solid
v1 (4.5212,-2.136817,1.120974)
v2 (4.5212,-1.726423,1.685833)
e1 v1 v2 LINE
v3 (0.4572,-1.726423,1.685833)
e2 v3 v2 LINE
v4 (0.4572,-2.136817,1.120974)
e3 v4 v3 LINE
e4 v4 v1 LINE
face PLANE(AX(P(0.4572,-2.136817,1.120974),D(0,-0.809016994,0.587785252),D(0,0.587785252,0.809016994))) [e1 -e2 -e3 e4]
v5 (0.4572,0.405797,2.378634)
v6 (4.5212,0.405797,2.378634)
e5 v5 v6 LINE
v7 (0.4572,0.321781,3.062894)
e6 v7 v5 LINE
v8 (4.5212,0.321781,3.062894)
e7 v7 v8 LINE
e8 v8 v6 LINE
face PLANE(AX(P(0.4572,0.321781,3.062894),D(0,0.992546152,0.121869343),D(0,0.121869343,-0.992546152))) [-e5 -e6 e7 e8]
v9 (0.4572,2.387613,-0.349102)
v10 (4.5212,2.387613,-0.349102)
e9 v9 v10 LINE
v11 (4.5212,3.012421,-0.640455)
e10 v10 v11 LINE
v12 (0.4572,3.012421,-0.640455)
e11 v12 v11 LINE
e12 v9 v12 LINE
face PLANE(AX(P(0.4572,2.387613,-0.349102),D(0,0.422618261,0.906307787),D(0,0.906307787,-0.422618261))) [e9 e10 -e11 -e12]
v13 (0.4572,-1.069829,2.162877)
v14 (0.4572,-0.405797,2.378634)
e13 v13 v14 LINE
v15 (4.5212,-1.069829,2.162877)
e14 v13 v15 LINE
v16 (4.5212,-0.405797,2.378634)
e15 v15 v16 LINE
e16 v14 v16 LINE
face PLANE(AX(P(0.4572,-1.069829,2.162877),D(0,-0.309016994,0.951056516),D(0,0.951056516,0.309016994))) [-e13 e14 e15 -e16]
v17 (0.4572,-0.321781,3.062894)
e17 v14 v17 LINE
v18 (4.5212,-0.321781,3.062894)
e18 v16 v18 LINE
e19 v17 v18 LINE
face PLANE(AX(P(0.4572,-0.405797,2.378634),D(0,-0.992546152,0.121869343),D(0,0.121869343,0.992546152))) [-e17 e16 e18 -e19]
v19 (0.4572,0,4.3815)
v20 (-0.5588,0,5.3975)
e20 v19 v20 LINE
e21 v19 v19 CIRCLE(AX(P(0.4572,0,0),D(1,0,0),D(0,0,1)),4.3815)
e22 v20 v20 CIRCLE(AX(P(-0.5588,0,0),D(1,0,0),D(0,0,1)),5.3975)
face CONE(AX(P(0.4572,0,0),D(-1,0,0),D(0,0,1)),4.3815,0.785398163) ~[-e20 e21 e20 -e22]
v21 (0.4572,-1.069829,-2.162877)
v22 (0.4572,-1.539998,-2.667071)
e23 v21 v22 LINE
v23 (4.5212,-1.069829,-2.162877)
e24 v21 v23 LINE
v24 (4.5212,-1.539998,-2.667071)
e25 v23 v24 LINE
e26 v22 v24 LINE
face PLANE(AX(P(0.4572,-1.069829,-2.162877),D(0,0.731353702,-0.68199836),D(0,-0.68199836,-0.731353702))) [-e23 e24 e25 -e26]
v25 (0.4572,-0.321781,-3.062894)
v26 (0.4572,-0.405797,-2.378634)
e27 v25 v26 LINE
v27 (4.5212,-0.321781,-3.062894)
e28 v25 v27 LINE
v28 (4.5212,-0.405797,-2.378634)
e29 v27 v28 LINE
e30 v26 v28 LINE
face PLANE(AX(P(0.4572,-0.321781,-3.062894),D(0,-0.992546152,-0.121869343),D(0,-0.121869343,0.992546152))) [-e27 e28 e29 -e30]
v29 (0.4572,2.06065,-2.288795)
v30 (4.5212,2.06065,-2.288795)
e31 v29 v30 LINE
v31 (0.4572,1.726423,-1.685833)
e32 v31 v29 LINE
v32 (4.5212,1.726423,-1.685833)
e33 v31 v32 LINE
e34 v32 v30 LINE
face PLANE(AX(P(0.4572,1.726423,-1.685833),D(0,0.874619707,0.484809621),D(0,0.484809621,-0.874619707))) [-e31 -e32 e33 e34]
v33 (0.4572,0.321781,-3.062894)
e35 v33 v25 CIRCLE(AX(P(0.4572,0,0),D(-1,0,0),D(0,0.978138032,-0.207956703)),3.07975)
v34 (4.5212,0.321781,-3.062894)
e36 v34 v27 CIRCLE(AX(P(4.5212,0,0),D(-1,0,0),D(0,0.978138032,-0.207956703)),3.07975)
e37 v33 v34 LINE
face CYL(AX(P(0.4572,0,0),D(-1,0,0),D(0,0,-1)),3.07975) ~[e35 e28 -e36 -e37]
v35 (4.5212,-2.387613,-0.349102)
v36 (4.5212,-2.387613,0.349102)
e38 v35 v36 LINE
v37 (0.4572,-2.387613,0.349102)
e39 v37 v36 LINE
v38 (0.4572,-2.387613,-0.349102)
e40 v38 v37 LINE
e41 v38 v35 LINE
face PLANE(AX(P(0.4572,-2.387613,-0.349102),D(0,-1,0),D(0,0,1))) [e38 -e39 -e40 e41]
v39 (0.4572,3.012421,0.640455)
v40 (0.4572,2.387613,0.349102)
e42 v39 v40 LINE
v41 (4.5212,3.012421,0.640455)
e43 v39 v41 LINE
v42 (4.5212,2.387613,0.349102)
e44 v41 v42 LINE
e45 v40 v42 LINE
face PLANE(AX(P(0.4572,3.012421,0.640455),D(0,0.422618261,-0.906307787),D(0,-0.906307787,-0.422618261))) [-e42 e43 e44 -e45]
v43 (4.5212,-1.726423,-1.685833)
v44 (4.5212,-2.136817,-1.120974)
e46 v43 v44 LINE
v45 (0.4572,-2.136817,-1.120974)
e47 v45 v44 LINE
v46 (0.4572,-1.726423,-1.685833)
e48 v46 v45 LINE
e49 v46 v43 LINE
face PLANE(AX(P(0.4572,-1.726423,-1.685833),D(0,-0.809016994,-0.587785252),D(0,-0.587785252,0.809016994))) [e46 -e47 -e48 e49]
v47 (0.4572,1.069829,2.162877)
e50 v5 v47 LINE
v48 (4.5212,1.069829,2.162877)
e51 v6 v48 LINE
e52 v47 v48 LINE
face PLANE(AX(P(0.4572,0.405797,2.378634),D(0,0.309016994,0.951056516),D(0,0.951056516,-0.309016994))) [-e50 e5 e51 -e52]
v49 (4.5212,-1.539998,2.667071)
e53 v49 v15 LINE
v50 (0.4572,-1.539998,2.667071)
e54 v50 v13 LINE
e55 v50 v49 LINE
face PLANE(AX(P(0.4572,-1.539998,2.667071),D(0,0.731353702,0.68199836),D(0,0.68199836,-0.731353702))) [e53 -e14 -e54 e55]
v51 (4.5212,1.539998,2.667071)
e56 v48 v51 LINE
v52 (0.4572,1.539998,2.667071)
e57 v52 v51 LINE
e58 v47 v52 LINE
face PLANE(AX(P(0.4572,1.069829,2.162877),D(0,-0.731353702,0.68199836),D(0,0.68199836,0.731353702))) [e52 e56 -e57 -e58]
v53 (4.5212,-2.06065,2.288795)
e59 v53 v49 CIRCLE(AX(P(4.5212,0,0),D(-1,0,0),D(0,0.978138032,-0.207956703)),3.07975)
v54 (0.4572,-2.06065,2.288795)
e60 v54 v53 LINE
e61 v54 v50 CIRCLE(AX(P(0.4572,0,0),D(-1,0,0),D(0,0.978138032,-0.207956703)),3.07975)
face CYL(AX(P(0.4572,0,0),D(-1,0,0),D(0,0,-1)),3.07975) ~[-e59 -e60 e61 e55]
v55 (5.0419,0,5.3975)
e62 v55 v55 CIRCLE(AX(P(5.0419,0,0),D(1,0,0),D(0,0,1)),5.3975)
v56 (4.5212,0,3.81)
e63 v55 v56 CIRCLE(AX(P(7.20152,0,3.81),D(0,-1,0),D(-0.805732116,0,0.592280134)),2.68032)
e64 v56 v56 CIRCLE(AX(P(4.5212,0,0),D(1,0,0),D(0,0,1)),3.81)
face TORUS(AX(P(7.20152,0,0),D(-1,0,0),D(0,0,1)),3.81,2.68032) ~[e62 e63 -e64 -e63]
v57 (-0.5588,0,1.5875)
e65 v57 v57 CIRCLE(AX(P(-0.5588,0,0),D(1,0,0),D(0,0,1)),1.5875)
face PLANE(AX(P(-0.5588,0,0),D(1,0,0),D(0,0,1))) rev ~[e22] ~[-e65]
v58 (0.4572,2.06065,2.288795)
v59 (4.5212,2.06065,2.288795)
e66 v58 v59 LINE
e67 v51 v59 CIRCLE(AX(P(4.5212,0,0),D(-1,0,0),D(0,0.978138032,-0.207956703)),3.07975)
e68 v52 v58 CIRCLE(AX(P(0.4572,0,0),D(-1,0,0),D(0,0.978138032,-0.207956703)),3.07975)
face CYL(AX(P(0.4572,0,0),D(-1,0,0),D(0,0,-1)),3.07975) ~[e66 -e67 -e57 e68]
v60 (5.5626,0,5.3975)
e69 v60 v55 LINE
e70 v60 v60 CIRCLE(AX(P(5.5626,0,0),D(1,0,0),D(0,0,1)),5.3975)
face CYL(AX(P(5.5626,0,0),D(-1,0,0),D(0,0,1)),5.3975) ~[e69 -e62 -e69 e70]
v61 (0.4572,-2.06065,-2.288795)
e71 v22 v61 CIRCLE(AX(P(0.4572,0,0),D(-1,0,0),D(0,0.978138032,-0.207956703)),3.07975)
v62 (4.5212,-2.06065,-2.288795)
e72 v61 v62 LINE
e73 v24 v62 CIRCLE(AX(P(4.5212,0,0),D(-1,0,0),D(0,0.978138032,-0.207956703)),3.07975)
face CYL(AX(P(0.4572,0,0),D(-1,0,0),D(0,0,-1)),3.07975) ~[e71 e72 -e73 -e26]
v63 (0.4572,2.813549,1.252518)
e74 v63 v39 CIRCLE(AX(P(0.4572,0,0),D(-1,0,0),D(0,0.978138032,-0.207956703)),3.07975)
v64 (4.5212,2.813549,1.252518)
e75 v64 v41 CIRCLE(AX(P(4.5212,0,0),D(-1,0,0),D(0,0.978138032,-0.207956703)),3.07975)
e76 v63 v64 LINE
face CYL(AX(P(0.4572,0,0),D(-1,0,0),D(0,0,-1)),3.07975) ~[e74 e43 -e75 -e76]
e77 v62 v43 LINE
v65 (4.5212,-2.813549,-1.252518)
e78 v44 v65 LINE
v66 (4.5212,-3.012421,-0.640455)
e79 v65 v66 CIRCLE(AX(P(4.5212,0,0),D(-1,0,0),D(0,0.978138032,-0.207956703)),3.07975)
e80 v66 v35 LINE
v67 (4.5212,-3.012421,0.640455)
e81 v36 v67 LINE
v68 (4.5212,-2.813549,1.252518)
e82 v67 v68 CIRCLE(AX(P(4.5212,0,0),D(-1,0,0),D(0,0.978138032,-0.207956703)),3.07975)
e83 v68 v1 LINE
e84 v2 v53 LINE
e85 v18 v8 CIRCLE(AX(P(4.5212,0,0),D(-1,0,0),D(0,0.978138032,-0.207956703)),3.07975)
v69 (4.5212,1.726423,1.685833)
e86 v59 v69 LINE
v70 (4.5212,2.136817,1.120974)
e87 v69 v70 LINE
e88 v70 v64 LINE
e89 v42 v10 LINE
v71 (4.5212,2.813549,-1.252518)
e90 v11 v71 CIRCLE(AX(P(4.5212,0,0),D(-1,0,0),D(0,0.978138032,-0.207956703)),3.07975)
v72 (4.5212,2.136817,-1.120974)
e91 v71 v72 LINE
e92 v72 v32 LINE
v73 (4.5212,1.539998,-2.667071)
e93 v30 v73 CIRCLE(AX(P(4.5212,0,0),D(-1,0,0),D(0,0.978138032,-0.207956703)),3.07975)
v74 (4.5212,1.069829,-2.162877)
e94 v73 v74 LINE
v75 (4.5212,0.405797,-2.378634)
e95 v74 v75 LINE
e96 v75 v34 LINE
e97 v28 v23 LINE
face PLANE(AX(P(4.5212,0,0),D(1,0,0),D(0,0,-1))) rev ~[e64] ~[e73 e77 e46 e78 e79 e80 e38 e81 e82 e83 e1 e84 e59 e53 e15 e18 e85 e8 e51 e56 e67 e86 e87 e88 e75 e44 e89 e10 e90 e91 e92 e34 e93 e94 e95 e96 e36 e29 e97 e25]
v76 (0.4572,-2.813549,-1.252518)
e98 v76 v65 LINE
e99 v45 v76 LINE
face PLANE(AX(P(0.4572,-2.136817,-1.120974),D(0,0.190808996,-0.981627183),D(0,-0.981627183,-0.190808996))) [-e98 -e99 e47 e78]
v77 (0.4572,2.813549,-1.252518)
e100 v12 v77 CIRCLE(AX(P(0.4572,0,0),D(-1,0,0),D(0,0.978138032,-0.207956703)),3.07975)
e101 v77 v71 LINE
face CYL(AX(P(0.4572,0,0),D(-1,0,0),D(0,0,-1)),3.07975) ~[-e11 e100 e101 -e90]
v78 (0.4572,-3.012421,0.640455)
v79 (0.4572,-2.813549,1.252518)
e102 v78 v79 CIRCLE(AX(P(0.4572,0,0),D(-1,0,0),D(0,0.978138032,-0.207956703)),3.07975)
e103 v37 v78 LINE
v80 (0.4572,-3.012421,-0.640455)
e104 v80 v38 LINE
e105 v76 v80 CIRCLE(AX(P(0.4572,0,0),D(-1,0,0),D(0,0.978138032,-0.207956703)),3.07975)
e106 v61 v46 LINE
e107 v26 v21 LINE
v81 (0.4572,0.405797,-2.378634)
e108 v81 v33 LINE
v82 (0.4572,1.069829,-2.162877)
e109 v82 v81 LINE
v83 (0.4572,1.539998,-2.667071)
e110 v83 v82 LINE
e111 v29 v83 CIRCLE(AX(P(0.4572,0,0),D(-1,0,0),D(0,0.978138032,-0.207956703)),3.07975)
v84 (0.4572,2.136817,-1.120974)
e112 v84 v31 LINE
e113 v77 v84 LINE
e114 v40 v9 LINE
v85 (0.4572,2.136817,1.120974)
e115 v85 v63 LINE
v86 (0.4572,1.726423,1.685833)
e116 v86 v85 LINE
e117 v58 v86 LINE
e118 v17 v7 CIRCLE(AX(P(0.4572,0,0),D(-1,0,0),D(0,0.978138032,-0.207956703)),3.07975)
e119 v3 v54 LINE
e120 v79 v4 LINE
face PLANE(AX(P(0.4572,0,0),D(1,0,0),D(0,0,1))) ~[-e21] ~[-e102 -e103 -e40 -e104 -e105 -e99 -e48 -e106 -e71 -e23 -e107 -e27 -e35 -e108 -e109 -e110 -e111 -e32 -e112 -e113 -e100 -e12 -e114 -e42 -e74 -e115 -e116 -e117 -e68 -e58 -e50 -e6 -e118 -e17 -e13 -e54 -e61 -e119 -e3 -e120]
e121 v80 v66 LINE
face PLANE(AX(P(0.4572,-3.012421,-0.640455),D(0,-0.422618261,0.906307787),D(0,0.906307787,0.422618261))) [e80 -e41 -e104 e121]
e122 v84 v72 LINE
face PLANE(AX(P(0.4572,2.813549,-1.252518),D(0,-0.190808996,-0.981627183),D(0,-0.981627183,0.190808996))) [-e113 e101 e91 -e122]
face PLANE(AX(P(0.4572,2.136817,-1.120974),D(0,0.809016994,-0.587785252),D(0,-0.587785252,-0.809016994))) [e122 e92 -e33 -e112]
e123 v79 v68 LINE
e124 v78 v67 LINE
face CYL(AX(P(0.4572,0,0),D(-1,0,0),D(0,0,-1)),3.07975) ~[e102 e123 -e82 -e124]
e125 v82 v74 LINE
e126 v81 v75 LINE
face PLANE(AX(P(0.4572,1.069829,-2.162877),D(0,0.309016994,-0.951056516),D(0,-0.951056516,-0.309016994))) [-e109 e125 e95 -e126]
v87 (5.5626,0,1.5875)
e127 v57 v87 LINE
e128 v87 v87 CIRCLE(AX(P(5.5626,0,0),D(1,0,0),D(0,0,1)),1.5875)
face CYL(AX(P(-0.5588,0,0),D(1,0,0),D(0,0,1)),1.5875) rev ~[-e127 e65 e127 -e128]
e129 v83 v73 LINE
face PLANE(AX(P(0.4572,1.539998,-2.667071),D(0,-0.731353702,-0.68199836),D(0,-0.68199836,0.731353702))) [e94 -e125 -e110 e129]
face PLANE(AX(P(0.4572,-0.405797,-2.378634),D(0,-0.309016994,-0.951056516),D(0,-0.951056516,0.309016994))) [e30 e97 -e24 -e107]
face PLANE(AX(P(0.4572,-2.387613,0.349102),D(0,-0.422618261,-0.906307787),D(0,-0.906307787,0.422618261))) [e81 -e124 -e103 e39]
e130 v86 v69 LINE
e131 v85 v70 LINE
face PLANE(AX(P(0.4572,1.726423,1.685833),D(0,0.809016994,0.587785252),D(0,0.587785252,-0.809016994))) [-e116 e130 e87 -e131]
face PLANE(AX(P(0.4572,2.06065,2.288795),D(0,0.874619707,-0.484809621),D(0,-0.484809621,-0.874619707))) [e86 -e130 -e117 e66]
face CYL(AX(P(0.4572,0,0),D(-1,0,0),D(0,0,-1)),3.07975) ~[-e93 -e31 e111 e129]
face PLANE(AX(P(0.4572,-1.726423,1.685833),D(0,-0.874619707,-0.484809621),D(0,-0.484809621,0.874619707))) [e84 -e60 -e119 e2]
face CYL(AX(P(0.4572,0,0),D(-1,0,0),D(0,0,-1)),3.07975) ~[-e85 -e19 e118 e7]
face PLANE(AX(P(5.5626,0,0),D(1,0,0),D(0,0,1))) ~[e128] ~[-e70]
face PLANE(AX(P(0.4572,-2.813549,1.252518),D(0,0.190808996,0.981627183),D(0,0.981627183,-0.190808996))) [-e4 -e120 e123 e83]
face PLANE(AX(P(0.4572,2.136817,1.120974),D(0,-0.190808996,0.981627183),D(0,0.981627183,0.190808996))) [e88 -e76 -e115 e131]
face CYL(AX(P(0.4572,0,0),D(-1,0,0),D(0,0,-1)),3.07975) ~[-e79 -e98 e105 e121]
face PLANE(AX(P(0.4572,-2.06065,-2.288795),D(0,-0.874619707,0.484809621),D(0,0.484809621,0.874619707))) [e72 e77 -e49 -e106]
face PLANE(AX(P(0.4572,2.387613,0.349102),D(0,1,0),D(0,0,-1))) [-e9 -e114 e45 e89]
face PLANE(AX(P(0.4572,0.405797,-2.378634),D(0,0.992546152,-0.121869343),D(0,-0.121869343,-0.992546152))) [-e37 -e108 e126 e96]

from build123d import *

# Parameters (mm, degrees)
SKETCH4_R          = 3.2385
SKETCH4_R_2        = 3.07975
CUT_EXTRUDE2_DEPTH = 4.064
CUT_EXTRUDE1_DEPTH = 4.064
CIRPATTERN1_COUNT  = 10


with BuildPart() as part:
    # Sketch1 → Revolve1 (revolve)
    with BuildSketch(Plane.XY, mode=Mode.PRIVATE) as revolve1_sk:
        with BuildLine():
            Line((-0.5588, 5.3975), (-0.5588, 1.5875))
            Line((-0.5588, 1.5875), (5.5626, 1.5875))
            Line((5.5626, 1.5875), (5.5626, 5.3975))
            Line((5.5626, 5.3975), (5.0419, 5.3975))
            ThreePointArc((5.0419, 5.3975), (4.654699632, 4.645356921), (4.5212, 3.81))
            Line((4.5212, 3.81), (4.5212, 3.2385))
            Line((4.5212, 3.2385), (0.4572, 3.2385))
            Line((0.4572, 3.2385), (0.4572, 4.3815))
            Line((0.4572, 4.3815), (-0.5588, 5.3975))
        make_face()
    revolve(revolve1_sk.sketch.rotate(Axis((-5.5626, 0, 0), (1, 0, 0)), 90), axis=Axis((-5.5626, 0, 0), (1, 0, 0)))

    # Sketch4 → Cut-Extrude2 (cut)
    with BuildSketch(Plane(origin=(0.4572, 0, 0), x_dir=(0, 0, -1), z_dir=(1, 0, 0))):
        Circle(SKETCH4_R)
        Circle(SKETCH4_R_2, mode=Mode.SUBTRACT)
    extrude(amount=CUT_EXTRUDE2_DEPTH, mode=Mode.SUBTRACT)

    # Sketch3 → Cut-Extrude1 (cut)
    with BuildSketch(Plane(origin=(0.4572, 0, 0), x_dir=(0, 0, -1), z_dir=(1, 0, 0))):
        with BuildLine():
            Line((-0.640454656, 3.012420604), (-0.349102168, 2.387613176))
            Line((-0.349102168, 2.387613176), (0.349102168, 2.387613176))
            Line((0.349102168, 2.387613176), (0.640454656, 3.012420604))
            ThreePointArc((0.640454656, 3.012420604), (0, 3.07975), (-0.640454656, 3.012420604))
        make_face()
    cut_extrude1 = extrude(amount=CUT_EXTRUDE1_DEPTH, mode=Mode.SUBTRACT)

    # CirPattern1: Cut-Extrude1 ×10 about axis
    cirpattern1_axis = Axis((0, 0, 0), (1, 0, 0))
    for i in range(1, CIRPATTERN1_COUNT):
        add(cut_extrude1.rotate(cirpattern1_axis, i * 360 / CIRPATTERN1_COUNT), mode=Mode.SUBTRACT)


solid = part.part
